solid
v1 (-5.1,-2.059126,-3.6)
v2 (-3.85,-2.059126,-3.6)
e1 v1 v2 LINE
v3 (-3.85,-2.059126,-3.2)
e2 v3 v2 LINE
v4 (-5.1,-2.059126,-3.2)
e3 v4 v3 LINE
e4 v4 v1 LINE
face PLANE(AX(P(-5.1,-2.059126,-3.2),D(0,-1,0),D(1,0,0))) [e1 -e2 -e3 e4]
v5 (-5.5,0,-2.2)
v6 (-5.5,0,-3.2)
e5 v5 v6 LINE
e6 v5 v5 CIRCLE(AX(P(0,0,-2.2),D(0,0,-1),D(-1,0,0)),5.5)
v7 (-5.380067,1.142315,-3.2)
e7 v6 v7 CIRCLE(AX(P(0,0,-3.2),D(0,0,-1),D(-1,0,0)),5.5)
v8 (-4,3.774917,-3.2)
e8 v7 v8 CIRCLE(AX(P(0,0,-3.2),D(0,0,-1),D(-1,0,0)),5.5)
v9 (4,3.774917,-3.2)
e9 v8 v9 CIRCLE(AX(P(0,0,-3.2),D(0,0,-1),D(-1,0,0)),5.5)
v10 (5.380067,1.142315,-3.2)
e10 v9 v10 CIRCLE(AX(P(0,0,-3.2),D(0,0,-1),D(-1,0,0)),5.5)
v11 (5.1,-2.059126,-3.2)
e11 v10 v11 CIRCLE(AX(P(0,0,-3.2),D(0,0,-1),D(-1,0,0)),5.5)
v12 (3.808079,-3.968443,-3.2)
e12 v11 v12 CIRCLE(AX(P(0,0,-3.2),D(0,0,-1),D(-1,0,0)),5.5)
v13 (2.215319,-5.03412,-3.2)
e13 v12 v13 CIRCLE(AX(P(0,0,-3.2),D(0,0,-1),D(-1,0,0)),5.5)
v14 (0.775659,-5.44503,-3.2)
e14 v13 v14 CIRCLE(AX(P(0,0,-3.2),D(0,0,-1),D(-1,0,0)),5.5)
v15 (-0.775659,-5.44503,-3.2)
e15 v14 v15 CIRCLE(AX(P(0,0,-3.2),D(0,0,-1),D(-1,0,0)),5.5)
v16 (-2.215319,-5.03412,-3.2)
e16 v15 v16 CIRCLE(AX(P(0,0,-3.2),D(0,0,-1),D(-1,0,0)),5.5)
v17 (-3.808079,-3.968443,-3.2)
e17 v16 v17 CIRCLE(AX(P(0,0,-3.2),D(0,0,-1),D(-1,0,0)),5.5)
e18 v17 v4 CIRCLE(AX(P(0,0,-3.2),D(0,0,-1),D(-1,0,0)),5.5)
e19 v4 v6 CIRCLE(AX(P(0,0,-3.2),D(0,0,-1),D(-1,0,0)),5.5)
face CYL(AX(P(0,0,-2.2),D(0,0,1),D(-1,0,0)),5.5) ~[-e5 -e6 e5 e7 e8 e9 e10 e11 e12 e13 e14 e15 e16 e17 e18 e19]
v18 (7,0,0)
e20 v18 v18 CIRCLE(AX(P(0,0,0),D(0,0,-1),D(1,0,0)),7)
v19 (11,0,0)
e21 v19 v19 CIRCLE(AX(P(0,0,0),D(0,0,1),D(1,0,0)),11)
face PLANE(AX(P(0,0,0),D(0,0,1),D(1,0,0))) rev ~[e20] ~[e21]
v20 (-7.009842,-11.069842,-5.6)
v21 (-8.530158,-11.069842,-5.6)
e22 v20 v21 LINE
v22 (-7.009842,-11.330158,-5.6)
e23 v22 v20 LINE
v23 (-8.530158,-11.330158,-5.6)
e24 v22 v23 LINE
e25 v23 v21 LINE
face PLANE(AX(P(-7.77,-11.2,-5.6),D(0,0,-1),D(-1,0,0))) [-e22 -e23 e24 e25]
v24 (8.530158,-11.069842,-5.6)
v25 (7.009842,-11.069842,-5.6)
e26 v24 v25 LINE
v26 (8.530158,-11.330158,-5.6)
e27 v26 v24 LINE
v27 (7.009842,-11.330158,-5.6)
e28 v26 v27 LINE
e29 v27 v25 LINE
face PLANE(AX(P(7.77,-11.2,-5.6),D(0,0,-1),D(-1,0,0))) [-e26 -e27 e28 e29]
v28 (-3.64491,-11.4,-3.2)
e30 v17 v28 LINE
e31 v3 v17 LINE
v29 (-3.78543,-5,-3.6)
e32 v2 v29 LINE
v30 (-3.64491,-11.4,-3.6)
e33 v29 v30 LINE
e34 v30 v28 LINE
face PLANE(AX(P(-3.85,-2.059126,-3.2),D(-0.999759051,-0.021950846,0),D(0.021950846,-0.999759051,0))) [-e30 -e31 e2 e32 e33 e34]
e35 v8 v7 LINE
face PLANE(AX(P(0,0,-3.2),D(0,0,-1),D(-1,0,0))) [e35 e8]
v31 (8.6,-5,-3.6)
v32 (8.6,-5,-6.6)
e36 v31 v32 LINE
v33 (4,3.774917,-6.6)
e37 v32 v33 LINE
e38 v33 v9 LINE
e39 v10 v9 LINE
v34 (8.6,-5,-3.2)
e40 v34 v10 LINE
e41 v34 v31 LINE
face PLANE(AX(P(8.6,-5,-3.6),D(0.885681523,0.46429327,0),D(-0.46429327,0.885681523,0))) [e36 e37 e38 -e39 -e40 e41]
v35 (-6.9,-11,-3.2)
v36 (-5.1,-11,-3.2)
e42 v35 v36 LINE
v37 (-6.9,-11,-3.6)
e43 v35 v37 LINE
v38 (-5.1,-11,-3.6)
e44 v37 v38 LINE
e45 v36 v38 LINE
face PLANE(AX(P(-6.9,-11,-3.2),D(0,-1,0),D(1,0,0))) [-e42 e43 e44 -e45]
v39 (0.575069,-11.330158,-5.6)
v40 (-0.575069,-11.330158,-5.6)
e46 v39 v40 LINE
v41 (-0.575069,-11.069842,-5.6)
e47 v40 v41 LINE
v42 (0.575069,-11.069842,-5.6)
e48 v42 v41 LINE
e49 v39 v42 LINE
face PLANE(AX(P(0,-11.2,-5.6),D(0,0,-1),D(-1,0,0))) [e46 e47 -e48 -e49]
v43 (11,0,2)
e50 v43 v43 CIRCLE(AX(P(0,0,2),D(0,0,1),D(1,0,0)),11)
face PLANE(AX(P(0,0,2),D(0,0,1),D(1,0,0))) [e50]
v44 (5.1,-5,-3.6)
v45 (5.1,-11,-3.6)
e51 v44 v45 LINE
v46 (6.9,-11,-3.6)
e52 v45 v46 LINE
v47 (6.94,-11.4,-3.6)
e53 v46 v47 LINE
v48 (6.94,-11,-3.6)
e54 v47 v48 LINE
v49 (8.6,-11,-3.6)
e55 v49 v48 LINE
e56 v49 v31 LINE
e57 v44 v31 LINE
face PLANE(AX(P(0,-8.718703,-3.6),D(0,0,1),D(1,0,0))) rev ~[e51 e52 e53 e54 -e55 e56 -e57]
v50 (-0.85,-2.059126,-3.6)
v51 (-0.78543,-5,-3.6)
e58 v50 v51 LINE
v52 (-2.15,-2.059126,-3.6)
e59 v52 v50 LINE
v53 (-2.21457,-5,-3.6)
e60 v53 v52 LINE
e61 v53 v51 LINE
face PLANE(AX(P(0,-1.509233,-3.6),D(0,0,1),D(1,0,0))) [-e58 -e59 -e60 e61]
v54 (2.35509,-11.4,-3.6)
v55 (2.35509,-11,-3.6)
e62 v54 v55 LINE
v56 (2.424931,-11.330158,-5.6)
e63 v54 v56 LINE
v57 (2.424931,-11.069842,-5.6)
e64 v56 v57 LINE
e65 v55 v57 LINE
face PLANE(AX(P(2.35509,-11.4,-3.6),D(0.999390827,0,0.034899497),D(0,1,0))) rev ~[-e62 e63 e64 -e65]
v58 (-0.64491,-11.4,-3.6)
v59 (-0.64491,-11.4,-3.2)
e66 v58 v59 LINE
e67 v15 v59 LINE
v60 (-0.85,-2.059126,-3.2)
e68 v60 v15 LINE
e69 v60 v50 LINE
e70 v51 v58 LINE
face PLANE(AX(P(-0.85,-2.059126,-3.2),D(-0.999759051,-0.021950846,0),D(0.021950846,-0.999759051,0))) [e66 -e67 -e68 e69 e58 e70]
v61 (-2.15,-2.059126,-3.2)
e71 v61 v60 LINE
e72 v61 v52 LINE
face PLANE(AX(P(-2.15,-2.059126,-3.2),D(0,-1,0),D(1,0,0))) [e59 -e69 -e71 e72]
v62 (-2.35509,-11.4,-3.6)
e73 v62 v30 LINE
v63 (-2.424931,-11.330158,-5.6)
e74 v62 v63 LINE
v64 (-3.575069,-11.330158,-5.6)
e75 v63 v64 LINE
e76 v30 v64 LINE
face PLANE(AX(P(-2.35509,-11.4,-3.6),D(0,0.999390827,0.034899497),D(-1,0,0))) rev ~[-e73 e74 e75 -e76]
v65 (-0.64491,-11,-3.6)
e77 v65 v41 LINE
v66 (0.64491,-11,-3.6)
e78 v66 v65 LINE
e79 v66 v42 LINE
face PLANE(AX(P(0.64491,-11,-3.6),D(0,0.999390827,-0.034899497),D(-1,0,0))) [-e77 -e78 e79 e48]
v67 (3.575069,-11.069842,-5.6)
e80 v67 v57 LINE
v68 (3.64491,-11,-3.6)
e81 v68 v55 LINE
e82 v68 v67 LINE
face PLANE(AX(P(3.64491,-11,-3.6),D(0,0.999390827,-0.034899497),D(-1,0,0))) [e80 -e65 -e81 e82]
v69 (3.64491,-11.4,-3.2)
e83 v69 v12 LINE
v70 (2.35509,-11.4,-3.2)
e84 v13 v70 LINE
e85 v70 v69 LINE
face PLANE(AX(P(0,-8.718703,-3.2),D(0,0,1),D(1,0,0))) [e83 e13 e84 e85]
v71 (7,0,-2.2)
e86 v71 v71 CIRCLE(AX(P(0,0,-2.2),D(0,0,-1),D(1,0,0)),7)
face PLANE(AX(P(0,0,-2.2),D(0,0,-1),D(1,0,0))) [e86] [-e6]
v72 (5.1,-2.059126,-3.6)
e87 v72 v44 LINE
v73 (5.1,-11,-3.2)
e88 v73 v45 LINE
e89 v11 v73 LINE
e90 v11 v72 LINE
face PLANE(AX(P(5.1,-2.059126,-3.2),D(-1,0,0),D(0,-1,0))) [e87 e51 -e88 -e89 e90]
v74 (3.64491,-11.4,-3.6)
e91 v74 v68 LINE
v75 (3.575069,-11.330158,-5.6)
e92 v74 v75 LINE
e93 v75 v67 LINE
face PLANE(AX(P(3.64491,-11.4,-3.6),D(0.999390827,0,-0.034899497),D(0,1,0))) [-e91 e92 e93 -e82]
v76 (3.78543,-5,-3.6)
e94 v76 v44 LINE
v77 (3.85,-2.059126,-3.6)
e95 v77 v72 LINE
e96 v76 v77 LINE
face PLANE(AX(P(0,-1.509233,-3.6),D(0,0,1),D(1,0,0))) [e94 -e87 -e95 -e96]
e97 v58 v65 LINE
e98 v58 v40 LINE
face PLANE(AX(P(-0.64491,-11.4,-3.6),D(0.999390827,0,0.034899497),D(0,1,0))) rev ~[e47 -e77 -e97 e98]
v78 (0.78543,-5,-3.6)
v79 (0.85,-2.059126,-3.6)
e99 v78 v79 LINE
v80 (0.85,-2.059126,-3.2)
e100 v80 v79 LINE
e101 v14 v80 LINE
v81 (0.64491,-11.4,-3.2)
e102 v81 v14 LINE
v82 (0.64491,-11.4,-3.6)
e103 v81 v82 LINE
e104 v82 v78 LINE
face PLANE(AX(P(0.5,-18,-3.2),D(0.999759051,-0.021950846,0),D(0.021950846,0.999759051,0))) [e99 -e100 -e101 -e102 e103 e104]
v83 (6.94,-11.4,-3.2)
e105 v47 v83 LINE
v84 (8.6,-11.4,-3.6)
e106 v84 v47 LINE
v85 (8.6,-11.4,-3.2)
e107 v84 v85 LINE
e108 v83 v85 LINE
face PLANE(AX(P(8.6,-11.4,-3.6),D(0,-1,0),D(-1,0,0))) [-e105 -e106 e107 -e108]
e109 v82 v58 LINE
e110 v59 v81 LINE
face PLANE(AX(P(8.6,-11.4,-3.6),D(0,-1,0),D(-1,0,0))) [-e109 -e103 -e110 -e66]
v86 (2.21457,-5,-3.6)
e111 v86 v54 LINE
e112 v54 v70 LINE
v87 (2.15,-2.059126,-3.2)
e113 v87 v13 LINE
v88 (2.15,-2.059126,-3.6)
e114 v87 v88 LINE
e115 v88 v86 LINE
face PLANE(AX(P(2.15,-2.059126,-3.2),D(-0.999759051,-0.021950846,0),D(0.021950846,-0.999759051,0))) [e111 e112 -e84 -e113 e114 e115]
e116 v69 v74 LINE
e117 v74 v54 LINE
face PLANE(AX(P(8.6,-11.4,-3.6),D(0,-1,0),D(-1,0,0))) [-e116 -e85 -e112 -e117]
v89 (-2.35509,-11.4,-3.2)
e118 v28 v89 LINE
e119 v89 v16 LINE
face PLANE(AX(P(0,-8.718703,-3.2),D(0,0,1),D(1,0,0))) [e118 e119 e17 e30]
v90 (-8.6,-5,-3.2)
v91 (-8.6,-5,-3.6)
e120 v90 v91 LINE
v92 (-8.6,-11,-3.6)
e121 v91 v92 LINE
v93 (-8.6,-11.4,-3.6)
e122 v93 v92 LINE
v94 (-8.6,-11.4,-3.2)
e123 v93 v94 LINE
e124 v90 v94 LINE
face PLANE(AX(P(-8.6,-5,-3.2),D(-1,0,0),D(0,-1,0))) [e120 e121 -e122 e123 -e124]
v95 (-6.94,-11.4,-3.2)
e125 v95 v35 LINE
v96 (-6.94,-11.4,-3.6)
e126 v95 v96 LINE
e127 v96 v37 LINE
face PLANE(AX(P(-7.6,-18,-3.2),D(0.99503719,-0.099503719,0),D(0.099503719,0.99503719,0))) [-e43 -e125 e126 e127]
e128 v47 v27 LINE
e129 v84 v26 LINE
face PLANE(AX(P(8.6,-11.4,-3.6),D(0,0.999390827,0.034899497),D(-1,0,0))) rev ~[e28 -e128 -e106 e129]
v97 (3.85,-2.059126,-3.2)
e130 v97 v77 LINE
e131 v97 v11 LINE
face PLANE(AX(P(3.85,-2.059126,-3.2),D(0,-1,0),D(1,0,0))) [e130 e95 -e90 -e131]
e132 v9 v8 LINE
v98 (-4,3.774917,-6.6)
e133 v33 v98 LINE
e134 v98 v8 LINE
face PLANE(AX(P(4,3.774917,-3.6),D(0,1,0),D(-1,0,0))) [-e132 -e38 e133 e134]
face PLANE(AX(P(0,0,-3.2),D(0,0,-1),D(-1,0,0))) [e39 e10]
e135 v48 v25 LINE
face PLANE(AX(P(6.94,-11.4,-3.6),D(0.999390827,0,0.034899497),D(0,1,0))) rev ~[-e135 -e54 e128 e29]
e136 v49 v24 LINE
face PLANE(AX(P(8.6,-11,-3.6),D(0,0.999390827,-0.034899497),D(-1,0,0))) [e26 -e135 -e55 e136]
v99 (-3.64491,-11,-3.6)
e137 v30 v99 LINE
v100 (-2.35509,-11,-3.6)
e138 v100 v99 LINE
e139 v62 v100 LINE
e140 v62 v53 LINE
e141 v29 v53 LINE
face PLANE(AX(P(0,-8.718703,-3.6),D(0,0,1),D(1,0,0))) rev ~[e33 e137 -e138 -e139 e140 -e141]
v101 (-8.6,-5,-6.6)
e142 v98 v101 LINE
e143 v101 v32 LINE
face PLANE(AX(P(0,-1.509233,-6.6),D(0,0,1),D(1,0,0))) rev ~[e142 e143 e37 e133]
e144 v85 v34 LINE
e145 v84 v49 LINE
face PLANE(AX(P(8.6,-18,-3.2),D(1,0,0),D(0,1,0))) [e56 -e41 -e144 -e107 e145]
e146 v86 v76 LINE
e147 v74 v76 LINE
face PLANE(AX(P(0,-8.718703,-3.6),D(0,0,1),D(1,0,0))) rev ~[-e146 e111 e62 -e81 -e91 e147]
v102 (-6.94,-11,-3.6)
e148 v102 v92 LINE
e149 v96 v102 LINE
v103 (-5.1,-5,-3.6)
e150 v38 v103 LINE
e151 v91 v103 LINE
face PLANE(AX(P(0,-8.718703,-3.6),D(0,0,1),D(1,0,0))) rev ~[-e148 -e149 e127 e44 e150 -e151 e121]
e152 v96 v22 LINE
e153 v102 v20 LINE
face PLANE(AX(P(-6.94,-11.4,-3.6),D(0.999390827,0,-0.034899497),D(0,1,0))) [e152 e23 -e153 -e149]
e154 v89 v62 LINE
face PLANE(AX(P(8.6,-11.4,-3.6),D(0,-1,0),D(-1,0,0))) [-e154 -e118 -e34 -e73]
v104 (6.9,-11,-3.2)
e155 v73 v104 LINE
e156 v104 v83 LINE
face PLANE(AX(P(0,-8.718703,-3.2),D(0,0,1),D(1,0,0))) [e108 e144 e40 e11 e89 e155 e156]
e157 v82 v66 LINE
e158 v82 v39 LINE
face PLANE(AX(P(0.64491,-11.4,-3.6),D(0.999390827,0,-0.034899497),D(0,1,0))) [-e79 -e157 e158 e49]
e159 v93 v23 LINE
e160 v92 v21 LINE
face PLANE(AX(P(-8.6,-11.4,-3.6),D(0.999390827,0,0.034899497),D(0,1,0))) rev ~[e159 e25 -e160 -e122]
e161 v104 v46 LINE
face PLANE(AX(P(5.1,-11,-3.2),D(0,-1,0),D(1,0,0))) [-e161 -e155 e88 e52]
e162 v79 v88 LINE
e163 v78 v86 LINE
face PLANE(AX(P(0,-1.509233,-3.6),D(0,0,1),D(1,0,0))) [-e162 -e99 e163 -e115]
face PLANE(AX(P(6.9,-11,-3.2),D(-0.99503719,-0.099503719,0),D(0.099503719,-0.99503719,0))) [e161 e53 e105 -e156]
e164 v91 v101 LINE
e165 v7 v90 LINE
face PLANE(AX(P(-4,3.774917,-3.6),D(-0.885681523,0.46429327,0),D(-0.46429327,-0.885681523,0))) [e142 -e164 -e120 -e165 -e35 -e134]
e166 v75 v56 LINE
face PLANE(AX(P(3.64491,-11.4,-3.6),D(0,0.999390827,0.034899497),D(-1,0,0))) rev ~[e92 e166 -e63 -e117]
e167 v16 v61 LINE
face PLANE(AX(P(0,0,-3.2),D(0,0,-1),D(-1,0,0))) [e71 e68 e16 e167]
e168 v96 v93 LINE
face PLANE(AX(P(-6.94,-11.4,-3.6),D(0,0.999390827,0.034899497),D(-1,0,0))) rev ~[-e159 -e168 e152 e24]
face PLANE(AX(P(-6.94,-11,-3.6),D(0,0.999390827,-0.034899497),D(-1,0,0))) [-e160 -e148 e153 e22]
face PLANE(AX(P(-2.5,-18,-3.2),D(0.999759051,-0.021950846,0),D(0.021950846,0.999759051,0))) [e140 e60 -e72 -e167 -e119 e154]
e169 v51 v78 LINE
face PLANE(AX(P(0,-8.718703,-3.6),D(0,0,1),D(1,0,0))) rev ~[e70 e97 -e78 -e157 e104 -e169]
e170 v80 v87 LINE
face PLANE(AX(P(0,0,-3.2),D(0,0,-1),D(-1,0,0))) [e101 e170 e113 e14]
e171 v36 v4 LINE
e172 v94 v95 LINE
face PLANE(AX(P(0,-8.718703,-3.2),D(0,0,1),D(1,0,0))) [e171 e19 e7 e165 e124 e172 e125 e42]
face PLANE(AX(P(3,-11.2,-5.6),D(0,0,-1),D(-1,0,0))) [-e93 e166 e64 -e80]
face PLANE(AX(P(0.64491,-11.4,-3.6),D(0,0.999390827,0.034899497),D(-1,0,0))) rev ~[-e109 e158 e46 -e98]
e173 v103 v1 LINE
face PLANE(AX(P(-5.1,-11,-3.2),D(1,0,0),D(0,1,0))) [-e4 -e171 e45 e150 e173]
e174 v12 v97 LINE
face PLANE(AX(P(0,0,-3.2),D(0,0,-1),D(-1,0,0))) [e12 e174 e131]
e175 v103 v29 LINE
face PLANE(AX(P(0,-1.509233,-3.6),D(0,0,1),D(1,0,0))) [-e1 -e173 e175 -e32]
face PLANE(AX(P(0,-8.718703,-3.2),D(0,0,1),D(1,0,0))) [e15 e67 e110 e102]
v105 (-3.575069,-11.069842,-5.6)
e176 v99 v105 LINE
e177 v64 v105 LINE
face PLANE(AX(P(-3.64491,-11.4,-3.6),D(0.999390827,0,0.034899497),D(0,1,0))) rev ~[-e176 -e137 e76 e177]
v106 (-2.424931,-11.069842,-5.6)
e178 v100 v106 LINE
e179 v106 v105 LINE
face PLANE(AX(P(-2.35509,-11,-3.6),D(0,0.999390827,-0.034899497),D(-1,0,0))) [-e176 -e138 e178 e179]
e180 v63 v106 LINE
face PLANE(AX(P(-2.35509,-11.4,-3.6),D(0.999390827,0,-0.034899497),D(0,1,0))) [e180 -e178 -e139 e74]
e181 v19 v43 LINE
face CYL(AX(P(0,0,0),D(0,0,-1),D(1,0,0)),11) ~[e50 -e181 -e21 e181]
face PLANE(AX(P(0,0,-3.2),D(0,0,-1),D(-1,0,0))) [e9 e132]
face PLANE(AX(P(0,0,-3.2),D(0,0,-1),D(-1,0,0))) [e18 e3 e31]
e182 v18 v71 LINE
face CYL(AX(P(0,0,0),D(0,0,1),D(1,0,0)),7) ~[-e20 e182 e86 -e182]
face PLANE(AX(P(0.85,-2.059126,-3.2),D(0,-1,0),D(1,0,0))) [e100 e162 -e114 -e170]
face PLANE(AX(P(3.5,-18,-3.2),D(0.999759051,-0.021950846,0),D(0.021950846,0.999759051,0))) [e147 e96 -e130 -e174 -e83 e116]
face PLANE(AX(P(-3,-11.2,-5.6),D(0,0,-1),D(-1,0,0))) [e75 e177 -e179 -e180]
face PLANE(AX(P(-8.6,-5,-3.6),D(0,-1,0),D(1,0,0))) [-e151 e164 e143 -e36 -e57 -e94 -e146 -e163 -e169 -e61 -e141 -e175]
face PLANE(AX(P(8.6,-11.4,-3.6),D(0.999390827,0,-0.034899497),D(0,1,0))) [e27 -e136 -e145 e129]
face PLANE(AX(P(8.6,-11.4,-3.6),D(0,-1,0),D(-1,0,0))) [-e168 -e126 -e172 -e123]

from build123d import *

# Parameters (mm, degrees)
SKETCH1_R                     = 11
BOSS_EXTRUDE1_DEPTH           = 2
SKETCH2_R                     = 7
BOSS_EXTRUDE2_DEPTH           = 2.2
SKETCH3_R                     = 5.5
BOSS_EXTRUDE3_DEPTH           = 1
BOSS_EXTRUDE4_DEPTH           = 0.4
BOSS_EXTRUDE5_DEPTH           = 3
SKETCH6_W                     = 1.66
SKETCH6_H                     = 0.4
BOSS_EXTRUDE6_DEPTH           = 2
BOSS_EXTRUDE6_DRAFT           = 2
SKETCH6_W_2                   = 1.289820998
BOSS_EXTRUDE6_PROFILE_2_DEPTH = 2
BOSS_EXTRUDE6_PROFILE_2_DRAFT = 2
BOSS_EXTRUDE6_PROFILE_3_DEPTH = 2
BOSS_EXTRUDE6_PROFILE_3_DRAFT = 2
BOSS_EXTRUDE6_PROFILE_4_DEPTH = 2
BOSS_EXTRUDE6_PROFILE_4_DRAFT = 2
BOSS_EXTRUDE6_PROFILE_5_DEPTH = 2
BOSS_EXTRUDE6_PROFILE_5_DRAFT = 2
SKETCH7_W                     = 17.2
SKETCH7_H                     = 6.6
CUT_EXTRUDE1_DEPTH            = 2


with BuildPart() as part:
    # Sketch1 → Boss-Extrude1 (new body)
    with BuildSketch(Plane.XY):
        Circle(SKETCH1_R)
    extrude(amount=BOSS_EXTRUDE1_DEPTH)

    # Sketch2 → Boss-Extrude2 (add)
    with BuildSketch(Plane(origin=(0, 0, 0), x_dir=(-1, 0, 0), z_dir=(0, 0, -1))):
        with Locations(Location((0, 0, 0), (0, 0, 180))):
            Circle(SKETCH2_R)
    extrude(amount=BOSS_EXTRUDE2_DEPTH)

    # Sketch3 → Boss-Extrude3 (add)
    with BuildSketch(Plane(origin=(0, 0, -2.2), x_dir=(-1, 0, 0), z_dir=(0, 0, -1))):
        Circle(SKETCH3_R)
    extrude(amount=BOSS_EXTRUDE3_DEPTH)

    # Sketch4 → Boss-Extrude4 (add)
    with BuildSketch(Plane(origin=(0, 0, -3.2), x_dir=(-1, 0, 0), z_dir=(0, 0, -1))):
        Polygon((-4, 3.774917218), (4, 3.774917218), (8.6, -5), (8.6, -18), (7.6, -18), (6.9, -11), (5.1, -11), (5.1, -2.059126028), (3.85, -2.059126028), (3.5, -18), (2.5, -18), (2.15, -2.059126028), (0.85, -2.059126028), (0.5, -18), (-0.5, -18), (-0.85, -2.059126028), (-2.15, -2.059126028), (-2.5, -18), (-3.5, -18), (-3.85, -2.059126028), (-5.1, -2.059126028), (-5.1, -11), (-6.9, -11), (-7.6, -18), (-8.6, -18), (-8.6, -5), align=None)
    extrude(amount=BOSS_EXTRUDE4_DEPTH)

    # Sketch5 → Boss-Extrude5 (add)
    with BuildSketch(Plane(origin=(0, 0, -3.6), x_dir=(-1, 0, 0), z_dir=(0, 0, -1))):
        Polygon((-8.6, -5), (-4, 3.774917218), (4, 3.774917218), (8.6, -5), align=None)
    extrude(amount=BOSS_EXTRUDE5_DEPTH)


with BuildPart() as boss_extrude6_tool:
    # Sketch6 → Boss-Extrude6 (with draft: the straight prism first)
    with BuildSketch(Plane(origin=(0, 0, -3.6), x_dir=(-1, 0, 0), z_dir=(0, 0, -1))):
        with Locations((7.77, -11.2)):
            Rectangle(SKETCH6_W, SKETCH6_H)
    extrude(amount=BOSS_EXTRUDE6_DEPTH)
    # Boss-Extrude6: the draft: its side faces are tilted about the plane it starts from
    boss_extrude6_sides = [boss_extrude6_tool.faces().sort_by_distance(p)[0] for p in [
        (-8.6, -11.2, -4.6),
        (-7.77, -11, -4.6),
        (-6.94, -11.2, -4.6),
        (-7.77, -11.4, -4.6),
    ]]
    draft(boss_extrude6_sides, Plane(origin=(0, 0, -3.6), x_dir=(-1, 0, 0), z_dir=(0, 0, -1)), BOSS_EXTRUDE6_DRAFT)


with BuildPart() as part_1:
    add(part.part)

    # Boss-Extrude6: add boss_extrude6_tool
    add(boss_extrude6_tool.part)


with BuildPart() as boss_extrude6_profile_2_tool:
    # Sketch6 → Boss-Extrude6 profile 2 (with draft: the straight prism first)
    with BuildSketch(Plane(origin=(0, 0, -3.6), x_dir=(-1, 0, 0), z_dir=(0, 0, -1))):
        with Locations((3, -11.2)):
            Rectangle(SKETCH6_W_2, SKETCH6_H)
    extrude(amount=BOSS_EXTRUDE6_PROFILE_2_DEPTH)
    # Boss-Extrude6 profile 2: the draft: its side faces are tilted about the plane it starts from
    boss_extrude6_profile_2_sides = [boss_extrude6_profile_2_tool.faces().sort_by_distance(p)[0] for p in [
        (-2.355089501, -11.2, -4.6),
        (-3, -11.4, -4.6),
        (-3.644910499, -11.2, -4.6),
        (-3, -11, -4.6),
    ]]
    draft(boss_extrude6_profile_2_sides, Plane(origin=(0, 0, -3.6), x_dir=(-1, 0, 0), z_dir=(0, 0, -1)), BOSS_EXTRUDE6_PROFILE_2_DRAFT)


with BuildPart() as part_2:
    add(part_1.part)

    # Boss-Extrude6 profile 2: add boss_extrude6_profile_2_tool
    add(boss_extrude6_profile_2_tool.part)


with BuildPart() as boss_extrude6_profile_3_tool:
    # Sketch6 → Boss-Extrude6 profile 3 (with draft: the straight prism first)
    with BuildSketch(Plane(origin=(0, 0, -3.6), x_dir=(-1, 0, 0), z_dir=(0, 0, -1))):
        with Locations((0, -11.2)):
            Rectangle(SKETCH6_W_2, SKETCH6_H)
    extrude(amount=BOSS_EXTRUDE6_PROFILE_3_DEPTH)
    # Boss-Extrude6 profile 3: the draft: its side faces are tilted about the plane it starts from
    boss_extrude6_profile_3_sides = [boss_extrude6_profile_3_tool.faces().sort_by_distance(p)[0] for p in [
        (0.644910499, -11.2, -4.6),
        (0, -11.4, -4.6),
        (-0.644910499, -11.2, -4.6),
        (0, -11, -4.6),
    ]]
    draft(boss_extrude6_profile_3_sides, Plane(origin=(0, 0, -3.6), x_dir=(-1, 0, 0), z_dir=(0, 0, -1)), BOSS_EXTRUDE6_PROFILE_3_DRAFT)


with BuildPart() as part_3:
    add(part_2.part)

    # Boss-Extrude6 profile 3: add boss_extrude6_profile_3_tool
    add(boss_extrude6_profile_3_tool.part)


with BuildPart() as boss_extrude6_profile_4_tool:
    # Sketch6 → Boss-Extrude6 profile 4 (with draft: the straight prism first)
    with BuildSketch(Plane(origin=(0, 0, -3.6), x_dir=(-1, 0, 0), z_dir=(0, 0, -1))):
        with Locations((-3, -11.2)):
            Rectangle(SKETCH6_W_2, SKETCH6_H)
    extrude(amount=BOSS_EXTRUDE6_PROFILE_4_DEPTH)
    # Boss-Extrude6 profile 4: the draft: its side faces are tilted about the plane it starts from
    boss_extrude6_profile_4_sides = [boss_extrude6_profile_4_tool.faces().sort_by_distance(p)[0] for p in [
        (3.644910499, -11.2, -4.6),
        (3, -11.4, -4.6),
        (2.355089501, -11.2, -4.6),
        (3, -11, -4.6),
    ]]
    draft(boss_extrude6_profile_4_sides, Plane(origin=(0, 0, -3.6), x_dir=(-1, 0, 0), z_dir=(0, 0, -1)), BOSS_EXTRUDE6_PROFILE_4_DRAFT)


with BuildPart() as part_4:
    add(part_3.part)

    # Boss-Extrude6 profile 4: add boss_extrude6_profile_4_tool
    add(boss_extrude6_profile_4_tool.part)


with BuildPart() as boss_extrude6_profile_5_tool:
    # Sketch6 → Boss-Extrude6 profile 5 (with draft: the straight prism first)
    with BuildSketch(Plane(origin=(0, 0, -3.6), x_dir=(-1, 0, 0), z_dir=(0, 0, -1))):
        with Locations((-7.77, -11.2)):
            Rectangle(SKETCH6_W, SKETCH6_H)
    extrude(amount=BOSS_EXTRUDE6_PROFILE_5_DEPTH)
    # Boss-Extrude6 profile 5: the draft: its side faces are tilted about the plane it starts from
    boss_extrude6_profile_5_sides = [boss_extrude6_profile_5_tool.faces().sort_by_distance(p)[0] for p in [
        (6.94, -11.2, -4.6),
        (7.77, -11, -4.6),
        (8.6, -11.2, -4.6),
        (7.77, -11.4, -4.6),
    ]]
    draft(boss_extrude6_profile_5_sides, Plane(origin=(0, 0, -3.6), x_dir=(-1, 0, 0), z_dir=(0, 0, -1)), BOSS_EXTRUDE6_PROFILE_5_DRAFT)


with BuildPart() as part_5:
    add(part_4.part)

    # Boss-Extrude6 profile 5: add boss_extrude6_profile_5_tool
    add(boss_extrude6_profile_5_tool.part)

    # Sketch7 → Cut-Extrude1 (cut)
    with BuildSketch(Plane(origin=(0, 0, -3.6), x_dir=(-1, 0, 0), z_dir=(0, 0, -1))):
        with Locations((0, -14.7)):
            Rectangle(SKETCH7_W, SKETCH7_H)
    extrude(amount=-CUT_EXTRUDE1_DEPTH, mode=Mode.SUBTRACT)


solid = part_5.part
